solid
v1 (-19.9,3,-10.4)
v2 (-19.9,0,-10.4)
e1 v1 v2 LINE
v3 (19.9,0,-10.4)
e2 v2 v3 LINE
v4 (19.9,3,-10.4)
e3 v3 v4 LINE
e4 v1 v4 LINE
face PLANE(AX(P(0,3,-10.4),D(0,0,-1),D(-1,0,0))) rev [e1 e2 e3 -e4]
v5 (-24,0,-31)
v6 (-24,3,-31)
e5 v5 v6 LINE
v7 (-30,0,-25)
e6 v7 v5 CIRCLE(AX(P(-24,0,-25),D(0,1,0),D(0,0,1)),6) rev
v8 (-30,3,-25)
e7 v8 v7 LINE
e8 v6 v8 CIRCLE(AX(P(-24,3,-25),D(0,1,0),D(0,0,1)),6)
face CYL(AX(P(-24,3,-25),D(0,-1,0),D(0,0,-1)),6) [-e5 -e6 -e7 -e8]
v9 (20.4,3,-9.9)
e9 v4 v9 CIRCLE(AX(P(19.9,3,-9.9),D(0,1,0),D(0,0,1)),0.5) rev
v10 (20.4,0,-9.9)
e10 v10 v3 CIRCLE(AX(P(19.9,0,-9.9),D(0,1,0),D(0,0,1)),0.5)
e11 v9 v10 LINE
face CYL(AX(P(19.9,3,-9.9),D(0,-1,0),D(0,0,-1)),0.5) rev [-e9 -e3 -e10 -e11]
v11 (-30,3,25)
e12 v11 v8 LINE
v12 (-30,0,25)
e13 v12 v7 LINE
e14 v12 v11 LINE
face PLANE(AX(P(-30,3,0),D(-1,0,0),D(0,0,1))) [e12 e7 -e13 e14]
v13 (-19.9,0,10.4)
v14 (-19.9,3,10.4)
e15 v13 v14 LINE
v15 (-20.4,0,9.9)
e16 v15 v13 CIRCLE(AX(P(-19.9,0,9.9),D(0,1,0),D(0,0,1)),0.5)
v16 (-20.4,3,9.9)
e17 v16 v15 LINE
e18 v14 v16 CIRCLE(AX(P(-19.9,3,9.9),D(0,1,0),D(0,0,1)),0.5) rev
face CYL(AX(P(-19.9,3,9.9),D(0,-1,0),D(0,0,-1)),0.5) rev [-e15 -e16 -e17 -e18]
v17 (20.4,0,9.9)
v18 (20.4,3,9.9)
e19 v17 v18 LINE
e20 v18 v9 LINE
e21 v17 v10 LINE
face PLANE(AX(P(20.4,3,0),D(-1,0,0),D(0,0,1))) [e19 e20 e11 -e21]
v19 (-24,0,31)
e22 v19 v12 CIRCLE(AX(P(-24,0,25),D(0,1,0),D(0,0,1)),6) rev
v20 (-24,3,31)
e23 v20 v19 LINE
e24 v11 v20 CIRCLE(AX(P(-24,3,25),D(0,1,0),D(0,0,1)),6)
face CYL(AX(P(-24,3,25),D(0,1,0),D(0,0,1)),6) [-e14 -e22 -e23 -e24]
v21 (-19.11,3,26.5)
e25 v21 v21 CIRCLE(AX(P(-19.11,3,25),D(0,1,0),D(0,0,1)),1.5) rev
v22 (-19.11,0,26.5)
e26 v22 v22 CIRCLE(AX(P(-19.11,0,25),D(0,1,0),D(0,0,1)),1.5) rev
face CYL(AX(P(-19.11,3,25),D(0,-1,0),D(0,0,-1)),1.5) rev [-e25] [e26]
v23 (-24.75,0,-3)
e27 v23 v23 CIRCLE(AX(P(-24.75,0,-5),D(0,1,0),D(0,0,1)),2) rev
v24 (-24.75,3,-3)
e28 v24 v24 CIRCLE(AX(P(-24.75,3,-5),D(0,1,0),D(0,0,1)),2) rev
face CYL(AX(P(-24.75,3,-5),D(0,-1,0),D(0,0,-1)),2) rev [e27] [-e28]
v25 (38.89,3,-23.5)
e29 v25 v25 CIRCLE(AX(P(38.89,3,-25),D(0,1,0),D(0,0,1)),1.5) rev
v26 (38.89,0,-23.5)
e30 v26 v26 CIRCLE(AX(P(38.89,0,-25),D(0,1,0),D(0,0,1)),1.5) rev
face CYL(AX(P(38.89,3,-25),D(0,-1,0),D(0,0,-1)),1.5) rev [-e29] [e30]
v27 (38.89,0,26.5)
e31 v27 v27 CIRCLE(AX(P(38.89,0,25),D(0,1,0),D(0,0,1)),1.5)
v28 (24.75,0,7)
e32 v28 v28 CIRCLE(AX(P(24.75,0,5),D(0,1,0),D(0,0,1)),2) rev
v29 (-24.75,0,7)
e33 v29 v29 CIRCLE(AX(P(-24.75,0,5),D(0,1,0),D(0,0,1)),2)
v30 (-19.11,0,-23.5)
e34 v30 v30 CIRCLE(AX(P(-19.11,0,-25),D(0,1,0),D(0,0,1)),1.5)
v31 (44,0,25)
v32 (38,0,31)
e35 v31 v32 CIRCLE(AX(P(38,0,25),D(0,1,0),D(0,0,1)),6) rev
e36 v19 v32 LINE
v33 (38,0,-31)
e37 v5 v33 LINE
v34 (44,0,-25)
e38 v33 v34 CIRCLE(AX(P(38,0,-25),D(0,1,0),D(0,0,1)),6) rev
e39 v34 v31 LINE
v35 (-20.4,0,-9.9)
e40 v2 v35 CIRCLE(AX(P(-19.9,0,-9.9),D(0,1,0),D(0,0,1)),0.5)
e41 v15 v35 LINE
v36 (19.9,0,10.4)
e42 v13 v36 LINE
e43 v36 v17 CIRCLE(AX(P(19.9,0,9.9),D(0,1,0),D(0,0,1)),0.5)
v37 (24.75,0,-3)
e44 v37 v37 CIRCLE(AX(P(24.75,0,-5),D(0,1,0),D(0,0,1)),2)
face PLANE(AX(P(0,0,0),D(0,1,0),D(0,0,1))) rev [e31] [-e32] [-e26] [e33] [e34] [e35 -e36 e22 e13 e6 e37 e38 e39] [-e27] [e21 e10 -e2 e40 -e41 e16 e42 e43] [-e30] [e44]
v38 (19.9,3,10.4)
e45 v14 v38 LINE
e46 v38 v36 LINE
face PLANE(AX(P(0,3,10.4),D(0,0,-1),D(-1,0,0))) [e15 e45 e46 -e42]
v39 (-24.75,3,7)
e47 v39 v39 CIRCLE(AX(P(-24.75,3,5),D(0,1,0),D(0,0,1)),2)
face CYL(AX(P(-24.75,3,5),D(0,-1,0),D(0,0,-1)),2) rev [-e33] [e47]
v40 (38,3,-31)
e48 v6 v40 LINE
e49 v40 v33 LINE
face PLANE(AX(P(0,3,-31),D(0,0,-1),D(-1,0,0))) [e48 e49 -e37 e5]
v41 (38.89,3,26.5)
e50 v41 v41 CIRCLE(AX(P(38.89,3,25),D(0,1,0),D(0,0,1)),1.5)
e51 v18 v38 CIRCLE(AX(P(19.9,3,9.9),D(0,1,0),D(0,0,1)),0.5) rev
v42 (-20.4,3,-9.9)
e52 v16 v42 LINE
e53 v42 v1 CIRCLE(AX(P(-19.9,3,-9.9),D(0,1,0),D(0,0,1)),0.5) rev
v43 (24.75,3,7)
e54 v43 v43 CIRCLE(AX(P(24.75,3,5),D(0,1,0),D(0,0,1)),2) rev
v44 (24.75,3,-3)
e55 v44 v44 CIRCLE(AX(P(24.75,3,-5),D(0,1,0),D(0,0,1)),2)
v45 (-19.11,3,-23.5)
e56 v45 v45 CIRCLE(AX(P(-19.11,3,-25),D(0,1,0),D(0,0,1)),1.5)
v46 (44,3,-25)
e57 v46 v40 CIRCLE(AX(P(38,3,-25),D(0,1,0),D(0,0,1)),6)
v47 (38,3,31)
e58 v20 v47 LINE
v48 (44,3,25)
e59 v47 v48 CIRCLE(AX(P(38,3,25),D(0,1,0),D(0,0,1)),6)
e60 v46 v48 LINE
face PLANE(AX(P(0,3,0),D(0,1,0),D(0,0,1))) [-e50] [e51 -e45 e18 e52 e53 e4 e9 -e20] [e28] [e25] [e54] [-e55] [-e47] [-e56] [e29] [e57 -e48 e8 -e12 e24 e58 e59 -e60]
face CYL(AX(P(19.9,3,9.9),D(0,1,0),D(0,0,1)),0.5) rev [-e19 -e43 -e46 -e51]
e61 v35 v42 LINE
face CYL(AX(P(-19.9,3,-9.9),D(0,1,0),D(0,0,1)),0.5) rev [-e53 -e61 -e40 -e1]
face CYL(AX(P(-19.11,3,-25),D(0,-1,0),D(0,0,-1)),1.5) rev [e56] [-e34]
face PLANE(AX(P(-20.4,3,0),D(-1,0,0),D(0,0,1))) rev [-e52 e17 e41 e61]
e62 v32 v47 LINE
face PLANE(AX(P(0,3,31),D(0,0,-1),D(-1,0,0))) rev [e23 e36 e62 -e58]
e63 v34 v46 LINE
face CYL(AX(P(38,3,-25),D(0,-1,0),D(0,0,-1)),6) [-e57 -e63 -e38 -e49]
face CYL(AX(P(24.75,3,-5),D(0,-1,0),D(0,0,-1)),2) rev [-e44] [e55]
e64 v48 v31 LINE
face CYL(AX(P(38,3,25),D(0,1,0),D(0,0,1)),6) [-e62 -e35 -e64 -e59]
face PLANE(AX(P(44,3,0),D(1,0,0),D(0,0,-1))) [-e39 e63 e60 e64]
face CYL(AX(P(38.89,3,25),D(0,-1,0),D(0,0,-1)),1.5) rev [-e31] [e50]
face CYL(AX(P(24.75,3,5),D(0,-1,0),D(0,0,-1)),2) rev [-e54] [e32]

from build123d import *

# Parameters (mm, degrees)
SKETCH_1_W      = 60
SKETCH_1_H      = 62
SKETCH_1_R      = 2
SKETCH_1_R_2    = 1.5
SKETCH_1_W_2    = 40.8
SKETCH_1_H_2    = 20.8
SKETCH_1_W_3    = 14
EXTRUDE_1_DEPTH = 3
FILLET_1_R      = 0.5
FILLET_2_R      = 6


with BuildPart() as part:
    # 草图1 → 凸台-拉伸1 (new body)
    # profile 1 of 2: a face of its own
    with BuildSketch(Plane(origin=(0, 0, 0), x_dir=(1, 0, 0), z_dir=(0, 1, 0))):
        Rectangle(SKETCH_1_W, SKETCH_1_H)
        with Locations(Location((-24.75, 5, 0), (0, 0, 270))):
            Circle(SKETCH_1_R, mode=Mode.SUBTRACT)
        with Locations(Location((-24.75, -5, 0), (0, 0, 270))):
            Circle(SKETCH_1_R, mode=Mode.SUBTRACT)
        with Locations(Location((24.75, 5, 0), (0, 0, 270))):
            Circle(SKETCH_1_R, mode=Mode.SUBTRACT)
        with Locations(Location((24.75, -5, 0), (0, 0, 270))):
            Circle(SKETCH_1_R, mode=Mode.SUBTRACT)
        with Locations(Location((-19.11, 25, 0), (0, 0, 270))):
            Circle(SKETCH_1_R_2, mode=Mode.SUBTRACT)
        with Locations(Location((-19.11, -25, 0), (0, 0, 270))):
            Circle(SKETCH_1_R_2, mode=Mode.SUBTRACT)
        Rectangle(SKETCH_1_W_2, SKETCH_1_H_2, mode=Mode.SUBTRACT)
    # profile 2 of 2: a face of its own
    with BuildSketch(Plane(origin=(0, 0, 0), x_dir=(1, 0, 0), z_dir=(0, 1, 0))):
        with Locations((37, 0)):
            Rectangle(SKETCH_1_W_3, SKETCH_1_H)
        with Locations(Location((38.89, -25, 0), (0, 0, 270))):
            Circle(SKETCH_1_R_2, mode=Mode.SUBTRACT)
        with Locations(Location((38.89, 25, 0), (0, 0, 270))):
            Circle(SKETCH_1_R_2, mode=Mode.SUBTRACT)
    extrude(amount=EXTRUDE_1_DEPTH)

    # 圆角1
    fillet_1_edges = [part.edges().sort_by_distance(p)[0] for p in [
        (20.4, 1.5, -10.4),
        (-20.4, 1.5, -10.4),
        (-20.4, 1.5, 10.4),
        (20.4, 1.5, 10.4),
    ]]
    fillet(fillet_1_edges, radius=FILLET_1_R)

    # 圆角2
    fillet_2_edges = [part.edges().sort_by_distance(p)[0] for p in [
        (-30, 1.5, 31),
        (-30, 1.5, -31),
        (44, 1.5, -31),
        (44, 1.5, 31),
    ]]
    fillet(fillet_2_edges, radius=FILLET_2_R)


solid = part.part
